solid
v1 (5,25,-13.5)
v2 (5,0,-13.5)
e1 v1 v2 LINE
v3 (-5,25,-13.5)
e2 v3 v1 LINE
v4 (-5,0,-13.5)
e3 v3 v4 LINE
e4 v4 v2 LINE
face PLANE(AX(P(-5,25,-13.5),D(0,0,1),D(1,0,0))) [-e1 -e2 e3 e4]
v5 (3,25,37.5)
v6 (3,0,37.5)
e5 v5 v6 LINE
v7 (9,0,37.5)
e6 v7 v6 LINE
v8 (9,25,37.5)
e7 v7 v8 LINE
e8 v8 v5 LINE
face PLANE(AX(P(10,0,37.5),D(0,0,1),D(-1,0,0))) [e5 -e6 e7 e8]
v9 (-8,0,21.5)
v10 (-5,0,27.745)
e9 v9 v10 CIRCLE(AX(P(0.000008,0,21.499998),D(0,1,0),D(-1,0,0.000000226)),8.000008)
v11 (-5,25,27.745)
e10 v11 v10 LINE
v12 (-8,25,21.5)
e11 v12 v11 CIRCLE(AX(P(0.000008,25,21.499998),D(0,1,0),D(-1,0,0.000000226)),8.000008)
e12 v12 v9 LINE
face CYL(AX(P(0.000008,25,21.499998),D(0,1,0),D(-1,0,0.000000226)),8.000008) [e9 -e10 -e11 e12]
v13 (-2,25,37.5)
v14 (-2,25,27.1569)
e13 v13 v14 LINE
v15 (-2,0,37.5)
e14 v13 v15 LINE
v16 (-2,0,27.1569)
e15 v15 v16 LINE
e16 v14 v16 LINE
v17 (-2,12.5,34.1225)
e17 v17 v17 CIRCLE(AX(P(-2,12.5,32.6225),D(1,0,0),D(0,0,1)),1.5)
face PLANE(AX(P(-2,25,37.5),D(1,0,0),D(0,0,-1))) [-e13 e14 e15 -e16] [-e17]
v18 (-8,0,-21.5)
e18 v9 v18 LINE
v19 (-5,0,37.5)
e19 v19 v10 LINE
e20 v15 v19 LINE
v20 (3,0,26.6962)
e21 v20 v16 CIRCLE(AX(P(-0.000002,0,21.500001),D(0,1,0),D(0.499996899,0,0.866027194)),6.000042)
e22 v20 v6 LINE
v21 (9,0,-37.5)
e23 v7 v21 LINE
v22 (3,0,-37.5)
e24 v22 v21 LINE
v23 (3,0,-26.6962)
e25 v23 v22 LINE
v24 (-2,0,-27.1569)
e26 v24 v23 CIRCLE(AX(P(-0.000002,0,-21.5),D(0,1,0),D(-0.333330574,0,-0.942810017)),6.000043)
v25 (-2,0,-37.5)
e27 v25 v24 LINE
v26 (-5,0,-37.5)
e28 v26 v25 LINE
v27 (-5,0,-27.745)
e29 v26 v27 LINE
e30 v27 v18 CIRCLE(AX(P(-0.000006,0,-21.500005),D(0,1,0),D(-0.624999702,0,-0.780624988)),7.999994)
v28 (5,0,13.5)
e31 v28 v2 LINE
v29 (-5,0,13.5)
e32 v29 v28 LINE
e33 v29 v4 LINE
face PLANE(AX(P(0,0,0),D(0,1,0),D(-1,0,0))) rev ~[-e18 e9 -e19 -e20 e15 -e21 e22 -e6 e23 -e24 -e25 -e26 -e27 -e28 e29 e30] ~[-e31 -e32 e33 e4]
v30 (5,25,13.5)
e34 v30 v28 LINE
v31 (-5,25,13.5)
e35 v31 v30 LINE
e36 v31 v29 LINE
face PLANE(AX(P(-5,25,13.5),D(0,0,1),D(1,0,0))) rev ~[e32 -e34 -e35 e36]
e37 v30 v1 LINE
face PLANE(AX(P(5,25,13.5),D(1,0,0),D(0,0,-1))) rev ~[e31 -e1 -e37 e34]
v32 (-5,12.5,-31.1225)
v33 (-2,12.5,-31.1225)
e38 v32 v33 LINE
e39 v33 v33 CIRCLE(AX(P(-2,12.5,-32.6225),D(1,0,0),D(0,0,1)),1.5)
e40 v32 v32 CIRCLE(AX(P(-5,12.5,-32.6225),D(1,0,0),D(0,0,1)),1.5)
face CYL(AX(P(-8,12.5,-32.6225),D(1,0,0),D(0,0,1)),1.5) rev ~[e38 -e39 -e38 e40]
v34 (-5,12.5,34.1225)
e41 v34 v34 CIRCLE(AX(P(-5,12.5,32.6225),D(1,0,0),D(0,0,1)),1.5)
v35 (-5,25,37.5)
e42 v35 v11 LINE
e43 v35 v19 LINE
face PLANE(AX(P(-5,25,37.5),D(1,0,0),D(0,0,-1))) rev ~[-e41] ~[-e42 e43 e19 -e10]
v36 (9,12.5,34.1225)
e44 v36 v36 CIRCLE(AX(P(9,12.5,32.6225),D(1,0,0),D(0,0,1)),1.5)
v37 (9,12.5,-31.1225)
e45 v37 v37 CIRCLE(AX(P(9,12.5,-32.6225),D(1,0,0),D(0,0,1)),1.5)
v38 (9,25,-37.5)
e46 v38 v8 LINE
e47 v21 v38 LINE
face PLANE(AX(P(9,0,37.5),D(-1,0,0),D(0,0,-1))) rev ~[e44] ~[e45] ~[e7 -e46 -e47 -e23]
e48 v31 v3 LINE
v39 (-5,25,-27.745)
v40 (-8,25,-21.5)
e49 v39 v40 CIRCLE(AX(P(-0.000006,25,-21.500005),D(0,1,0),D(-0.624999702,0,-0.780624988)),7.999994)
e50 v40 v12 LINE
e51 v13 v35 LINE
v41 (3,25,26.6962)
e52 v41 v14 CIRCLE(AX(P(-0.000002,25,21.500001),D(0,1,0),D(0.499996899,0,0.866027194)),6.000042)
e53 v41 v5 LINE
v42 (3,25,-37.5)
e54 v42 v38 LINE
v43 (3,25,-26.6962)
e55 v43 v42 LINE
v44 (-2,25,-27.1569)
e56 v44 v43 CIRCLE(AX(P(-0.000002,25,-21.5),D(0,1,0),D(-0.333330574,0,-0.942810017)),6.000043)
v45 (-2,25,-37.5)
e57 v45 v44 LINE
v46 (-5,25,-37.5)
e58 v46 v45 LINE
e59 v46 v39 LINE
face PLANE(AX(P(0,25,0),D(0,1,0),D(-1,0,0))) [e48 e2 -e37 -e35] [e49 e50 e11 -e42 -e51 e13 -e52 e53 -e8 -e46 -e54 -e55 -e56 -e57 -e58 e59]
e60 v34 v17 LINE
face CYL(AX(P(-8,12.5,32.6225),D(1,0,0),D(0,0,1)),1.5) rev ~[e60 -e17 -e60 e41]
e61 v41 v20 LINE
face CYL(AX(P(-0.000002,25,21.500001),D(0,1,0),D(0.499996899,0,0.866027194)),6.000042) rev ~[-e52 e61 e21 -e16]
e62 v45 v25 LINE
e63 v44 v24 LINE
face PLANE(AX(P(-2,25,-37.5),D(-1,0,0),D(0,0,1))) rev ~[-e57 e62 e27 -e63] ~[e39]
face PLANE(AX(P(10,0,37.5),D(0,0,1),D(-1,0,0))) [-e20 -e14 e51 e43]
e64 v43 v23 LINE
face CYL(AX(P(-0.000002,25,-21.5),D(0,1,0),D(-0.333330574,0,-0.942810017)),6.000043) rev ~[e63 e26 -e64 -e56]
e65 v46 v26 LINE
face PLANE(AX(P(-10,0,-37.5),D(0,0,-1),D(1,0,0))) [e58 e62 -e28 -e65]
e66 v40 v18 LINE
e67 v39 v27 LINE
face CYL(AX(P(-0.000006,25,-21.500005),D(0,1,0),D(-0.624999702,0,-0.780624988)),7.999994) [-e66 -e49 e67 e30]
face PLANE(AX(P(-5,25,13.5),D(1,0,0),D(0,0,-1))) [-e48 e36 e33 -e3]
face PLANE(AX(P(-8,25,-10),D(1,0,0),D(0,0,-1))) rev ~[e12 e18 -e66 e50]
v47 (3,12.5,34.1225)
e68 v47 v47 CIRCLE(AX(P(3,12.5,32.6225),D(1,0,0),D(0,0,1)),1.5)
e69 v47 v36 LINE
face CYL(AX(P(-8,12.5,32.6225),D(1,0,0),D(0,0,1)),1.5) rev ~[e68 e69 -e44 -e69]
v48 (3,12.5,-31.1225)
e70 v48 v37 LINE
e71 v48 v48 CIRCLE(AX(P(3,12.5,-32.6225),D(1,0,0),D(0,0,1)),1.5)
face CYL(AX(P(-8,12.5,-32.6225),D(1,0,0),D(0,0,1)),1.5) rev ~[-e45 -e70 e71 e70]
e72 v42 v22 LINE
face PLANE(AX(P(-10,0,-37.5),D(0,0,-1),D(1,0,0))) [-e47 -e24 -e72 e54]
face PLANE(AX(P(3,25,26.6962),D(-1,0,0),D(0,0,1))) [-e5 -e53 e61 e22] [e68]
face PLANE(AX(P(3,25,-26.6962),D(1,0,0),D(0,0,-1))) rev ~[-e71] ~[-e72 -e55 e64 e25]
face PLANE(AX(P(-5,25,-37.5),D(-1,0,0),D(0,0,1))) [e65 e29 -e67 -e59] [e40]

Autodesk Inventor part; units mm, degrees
ref_plane "YZ Plane" through (0, 0, 0) normal (1, 0, 0) x (0, 1, 0)
ref_plane "XZ Plane" through (0, 0, 0) normal (0, 1, 0) x (-1, 0, 0)
ref_plane "XY Plane" through (0, 0, 0) normal (0, 0, 1) x (1, 0, 0)
sketch "Boceto2" plane through (0, 0, 0) normal (0, 1, 0) x (-1, 0, 0)
  line L0 (-10, 37.5) -> (10, 37.5)
  line L1 (10, 37.5) -> (10, -37.5)
  line L2 (10, -37.5) -> (-10, -37.5)
  line L3 (-10, -37.5) -> (-10, 37.5)
  line L4 (-10, 37.5) -> (10, -37.5) construction
  line L5 (10, 37.5) -> (-10, -37.5) construction
  point P0 (0, 0)
  dimension "d10" = 20
  dimension "d11" = 75
extrude "Extrusión1" add sketch "Boceto2" along normal blind 25
sketch "Boceto3" plane through (0, 25, 0) normal (0, 1, 0) x (1, 0, 0)
  line L0 (-10, -37.5) -> (10, -37.5) projected
  line L1 (10, -37.5) -> (10, 37.5) projected
  line L2 (10, 37.5) -> (-10, 37.5) projected
  line L3 (-10, 37.5) -> (-10, -37.5) projected
  arc A0 (3, -26.6962) -> (-2, -27.1569) centre (0, -21.5) ccw
  arc A1 (-8, -21.5) -> (-5, -27.745) centre (0, -21.5) ccw
  line L4 (-10, -37.5) -> (10, -37.5) projected
  line L5 (3, -37.5) -> (-2, -37.5)
  line L6 (3, -26.6962) -> (3, -37.5)
  line L7 (-5, -37.5) -> (-5, -27.745)
  line L8 (-8, -21.5) -> (-8, 21.5)
  line L9 (-5, -13.5) -> (5, -13.5)
  line L10 (-5, -13.5) -> (-5, 13.5)
  line L11 (7, 0) -> (10, 0)
  line L12 (-2, -37.5) -> (-2, -27.1569)
  line L13 (10, 0) -> (7, 0)
  arc A2 (-2, 27.1569) -> (3, 26.6962) centre (0, 21.5) ccw
  arc A3 (-5, 27.745) -> (-8, 21.5) centre (0, 21.5) ccw
  line L14 (3, 37.5) -> (-2, 37.5)
  line L15 (3, 26.6962) -> (3, 37.5)
  line L16 (-5, 37.5) -> (-5, 27.745)
  line L17 (-8, 21.5) -> (-8, 10)
  line L18 (-5, 13.5) -> (5, 13.5)
  line L19 (-5, 13.5) -> (-5, 10)
  line L20 (-2, 37.5) -> (-2, 27.1569)
  line L21 (5, -13.5) -> (5, 13.5)
  line L22 (-5, -37.5) -> (-10, -37.5)
  line L23 (-10, -37.5) -> (-10, 37.5)
  line L24 (10, 37.5) -> (-10, 37.5) projected
  line L25 (-10, 37.5) -> (-5, 37.5)
  point P0 (0, 0)
  point P1 (-8, -10)
  point P2 (-5, -10)
  dimension "d15" = 0
  dimension "d16" = 21.5
  dimension "d27" = 5
  dimension "d30" = 3
  dimension "d54" = 2
  dimension "d55" = 5
  dimension "d56" = 6
  dimension "d57" = 2
  dimension "d58" = 7
  dimension "d59" = 10
extrude "Extrusión3" cut sketch "Boceto3" against normal through all contours L12 A0 L6 L0 | L2 L15 A2 L20
extrude "Extrusión5" cut sketch "Boceto3" against normal through all contours L3 L2 L16 A3 L8 A1 L7 L0 | L10 L18 L21 L9
sketch "Boceto4" plane through (-8, 25, -21.5) normal (-1, 0, 0) x (0, 0, 1)
  line L0 (59, -25) -> (49.245, -25) projected
  line L1 (59, 0) -> (59, -25) projected
  line L2 (49.245, 0) -> (59, 0) projected
  line L3 (49.245, 0) -> (49.245, -25) projected
  line L4 (43, -25) -> (0, -25) projected
  line L5 (43, 0) -> (43, -25) projected
  line L6 (0, 0) -> (43, 0) projected
  line L7 (0, 0) -> (0, -25) projected
  line L8 (21.5, 0) -> (21.5, -25)
  line L9 (54.1225, -25) -> (54.1225, 0)
  line L10 (59, -12.5) -> (49.245, -12.5)
  point P0 (54.1225, -12.5)
  point P1 (54.1225, -12.5)
  point P2 (-11.1225, -12.5)
hole "Agujero1" at (-8, 12.5, 32.6225) at (-8, 12.5, -32.6225) direction (1, 0, 0) diameter 3 end through all
sketch "Boceto5" plane through (0, 0, 0) normal (0, -1, 0) x (1, 0, 0)
  line L0 (-5, -27.745) -> (-5, -37.5) projected
  line L1 (-5, -37.5) -> (-2, -37.5) projected
  line L2 (-2, -37.5) -> (-2, -27.1569) projected
  arc A0 (3, -26.6962) -> (-2, -27.1569) centre (0, -21.5) ccw projected
  line L3 (3, -26.6962) -> (3, -37.5) projected
  line L4 (3, -37.5) -> (10, -37.5) projected
  line L5 (10, -37.5) -> (10, 37.5) projected
  line L6 (10, 37.5) -> (3, 37.5) projected
  line L7 (3, 37.5) -> (3, 26.6962) projected
  arc A1 (-2, 27.1569) -> (3, 26.6962) centre (0, 21.5) ccw projected
  line L8 (-2, 27.1569) -> (-2, 37.5) projected
  line L9 (-2, 37.5) -> (-5, 37.5) projected
  line L10 (-5, 37.5) -> (-5, 27.745) projected
  arc A2 (-5, 27.745) -> (-8, 21.5) centre (0, 21.5) ccw projected
  line L11 (-8, 21.5) -> (-8, -21.5) projected
  arc A3 (-8, -21.5) -> (-5, -27.745) centre (0, -21.5) ccw projected
  line L12 (5, 13.5) -> (5, -13.5) projected
  line L13 (5, -13.5) -> (-5, -13.5) projected
  line L14 (-5, -13.5) -> (-5, 13.5) projected
  line L15 (-5, 13.5) -> (5, 13.5) projected
  line L16 (6, -21.5) -> (6, 21.5)
  arc A4 (-2, 27.1569) -> (3, 26.6962) centre (0, 21.5) ccw projected
  arc A5 (3, -26.6962) -> (-2, -27.1569) centre (0, -21.5) ccw projected
  line L17 (9, 37.5) -> (9, -37.5)
  point P0 (0, 0)
  dimension "d60" = 3
extrude "Extrusión6" cut sketch "Boceto5" against normal through all contours L17 L6 L5 L4
equation "\"d10\" = 20 * scale"
equation "\"d11\" = 75 * scale"
equation "\"d12\" = 25 * scale"
equation "\"d16\" = 21.5 * scale"
equation "\"d27\" = 5 * scale"
equation "\"d30\" = 3 * scale"
equation "\"d54\" = 2 * scale"
equation "\"d55\" = 5 * scale"
equation "\"d56\" = 6 * scale"
equation "\"d57\" = 2 * scale"
equation "\"d58\" = 7 * scale"
equation "\"d59\" = 10 * scale"
equation "\"scale\" = 1"
properties part number "PiezaPeluda"
